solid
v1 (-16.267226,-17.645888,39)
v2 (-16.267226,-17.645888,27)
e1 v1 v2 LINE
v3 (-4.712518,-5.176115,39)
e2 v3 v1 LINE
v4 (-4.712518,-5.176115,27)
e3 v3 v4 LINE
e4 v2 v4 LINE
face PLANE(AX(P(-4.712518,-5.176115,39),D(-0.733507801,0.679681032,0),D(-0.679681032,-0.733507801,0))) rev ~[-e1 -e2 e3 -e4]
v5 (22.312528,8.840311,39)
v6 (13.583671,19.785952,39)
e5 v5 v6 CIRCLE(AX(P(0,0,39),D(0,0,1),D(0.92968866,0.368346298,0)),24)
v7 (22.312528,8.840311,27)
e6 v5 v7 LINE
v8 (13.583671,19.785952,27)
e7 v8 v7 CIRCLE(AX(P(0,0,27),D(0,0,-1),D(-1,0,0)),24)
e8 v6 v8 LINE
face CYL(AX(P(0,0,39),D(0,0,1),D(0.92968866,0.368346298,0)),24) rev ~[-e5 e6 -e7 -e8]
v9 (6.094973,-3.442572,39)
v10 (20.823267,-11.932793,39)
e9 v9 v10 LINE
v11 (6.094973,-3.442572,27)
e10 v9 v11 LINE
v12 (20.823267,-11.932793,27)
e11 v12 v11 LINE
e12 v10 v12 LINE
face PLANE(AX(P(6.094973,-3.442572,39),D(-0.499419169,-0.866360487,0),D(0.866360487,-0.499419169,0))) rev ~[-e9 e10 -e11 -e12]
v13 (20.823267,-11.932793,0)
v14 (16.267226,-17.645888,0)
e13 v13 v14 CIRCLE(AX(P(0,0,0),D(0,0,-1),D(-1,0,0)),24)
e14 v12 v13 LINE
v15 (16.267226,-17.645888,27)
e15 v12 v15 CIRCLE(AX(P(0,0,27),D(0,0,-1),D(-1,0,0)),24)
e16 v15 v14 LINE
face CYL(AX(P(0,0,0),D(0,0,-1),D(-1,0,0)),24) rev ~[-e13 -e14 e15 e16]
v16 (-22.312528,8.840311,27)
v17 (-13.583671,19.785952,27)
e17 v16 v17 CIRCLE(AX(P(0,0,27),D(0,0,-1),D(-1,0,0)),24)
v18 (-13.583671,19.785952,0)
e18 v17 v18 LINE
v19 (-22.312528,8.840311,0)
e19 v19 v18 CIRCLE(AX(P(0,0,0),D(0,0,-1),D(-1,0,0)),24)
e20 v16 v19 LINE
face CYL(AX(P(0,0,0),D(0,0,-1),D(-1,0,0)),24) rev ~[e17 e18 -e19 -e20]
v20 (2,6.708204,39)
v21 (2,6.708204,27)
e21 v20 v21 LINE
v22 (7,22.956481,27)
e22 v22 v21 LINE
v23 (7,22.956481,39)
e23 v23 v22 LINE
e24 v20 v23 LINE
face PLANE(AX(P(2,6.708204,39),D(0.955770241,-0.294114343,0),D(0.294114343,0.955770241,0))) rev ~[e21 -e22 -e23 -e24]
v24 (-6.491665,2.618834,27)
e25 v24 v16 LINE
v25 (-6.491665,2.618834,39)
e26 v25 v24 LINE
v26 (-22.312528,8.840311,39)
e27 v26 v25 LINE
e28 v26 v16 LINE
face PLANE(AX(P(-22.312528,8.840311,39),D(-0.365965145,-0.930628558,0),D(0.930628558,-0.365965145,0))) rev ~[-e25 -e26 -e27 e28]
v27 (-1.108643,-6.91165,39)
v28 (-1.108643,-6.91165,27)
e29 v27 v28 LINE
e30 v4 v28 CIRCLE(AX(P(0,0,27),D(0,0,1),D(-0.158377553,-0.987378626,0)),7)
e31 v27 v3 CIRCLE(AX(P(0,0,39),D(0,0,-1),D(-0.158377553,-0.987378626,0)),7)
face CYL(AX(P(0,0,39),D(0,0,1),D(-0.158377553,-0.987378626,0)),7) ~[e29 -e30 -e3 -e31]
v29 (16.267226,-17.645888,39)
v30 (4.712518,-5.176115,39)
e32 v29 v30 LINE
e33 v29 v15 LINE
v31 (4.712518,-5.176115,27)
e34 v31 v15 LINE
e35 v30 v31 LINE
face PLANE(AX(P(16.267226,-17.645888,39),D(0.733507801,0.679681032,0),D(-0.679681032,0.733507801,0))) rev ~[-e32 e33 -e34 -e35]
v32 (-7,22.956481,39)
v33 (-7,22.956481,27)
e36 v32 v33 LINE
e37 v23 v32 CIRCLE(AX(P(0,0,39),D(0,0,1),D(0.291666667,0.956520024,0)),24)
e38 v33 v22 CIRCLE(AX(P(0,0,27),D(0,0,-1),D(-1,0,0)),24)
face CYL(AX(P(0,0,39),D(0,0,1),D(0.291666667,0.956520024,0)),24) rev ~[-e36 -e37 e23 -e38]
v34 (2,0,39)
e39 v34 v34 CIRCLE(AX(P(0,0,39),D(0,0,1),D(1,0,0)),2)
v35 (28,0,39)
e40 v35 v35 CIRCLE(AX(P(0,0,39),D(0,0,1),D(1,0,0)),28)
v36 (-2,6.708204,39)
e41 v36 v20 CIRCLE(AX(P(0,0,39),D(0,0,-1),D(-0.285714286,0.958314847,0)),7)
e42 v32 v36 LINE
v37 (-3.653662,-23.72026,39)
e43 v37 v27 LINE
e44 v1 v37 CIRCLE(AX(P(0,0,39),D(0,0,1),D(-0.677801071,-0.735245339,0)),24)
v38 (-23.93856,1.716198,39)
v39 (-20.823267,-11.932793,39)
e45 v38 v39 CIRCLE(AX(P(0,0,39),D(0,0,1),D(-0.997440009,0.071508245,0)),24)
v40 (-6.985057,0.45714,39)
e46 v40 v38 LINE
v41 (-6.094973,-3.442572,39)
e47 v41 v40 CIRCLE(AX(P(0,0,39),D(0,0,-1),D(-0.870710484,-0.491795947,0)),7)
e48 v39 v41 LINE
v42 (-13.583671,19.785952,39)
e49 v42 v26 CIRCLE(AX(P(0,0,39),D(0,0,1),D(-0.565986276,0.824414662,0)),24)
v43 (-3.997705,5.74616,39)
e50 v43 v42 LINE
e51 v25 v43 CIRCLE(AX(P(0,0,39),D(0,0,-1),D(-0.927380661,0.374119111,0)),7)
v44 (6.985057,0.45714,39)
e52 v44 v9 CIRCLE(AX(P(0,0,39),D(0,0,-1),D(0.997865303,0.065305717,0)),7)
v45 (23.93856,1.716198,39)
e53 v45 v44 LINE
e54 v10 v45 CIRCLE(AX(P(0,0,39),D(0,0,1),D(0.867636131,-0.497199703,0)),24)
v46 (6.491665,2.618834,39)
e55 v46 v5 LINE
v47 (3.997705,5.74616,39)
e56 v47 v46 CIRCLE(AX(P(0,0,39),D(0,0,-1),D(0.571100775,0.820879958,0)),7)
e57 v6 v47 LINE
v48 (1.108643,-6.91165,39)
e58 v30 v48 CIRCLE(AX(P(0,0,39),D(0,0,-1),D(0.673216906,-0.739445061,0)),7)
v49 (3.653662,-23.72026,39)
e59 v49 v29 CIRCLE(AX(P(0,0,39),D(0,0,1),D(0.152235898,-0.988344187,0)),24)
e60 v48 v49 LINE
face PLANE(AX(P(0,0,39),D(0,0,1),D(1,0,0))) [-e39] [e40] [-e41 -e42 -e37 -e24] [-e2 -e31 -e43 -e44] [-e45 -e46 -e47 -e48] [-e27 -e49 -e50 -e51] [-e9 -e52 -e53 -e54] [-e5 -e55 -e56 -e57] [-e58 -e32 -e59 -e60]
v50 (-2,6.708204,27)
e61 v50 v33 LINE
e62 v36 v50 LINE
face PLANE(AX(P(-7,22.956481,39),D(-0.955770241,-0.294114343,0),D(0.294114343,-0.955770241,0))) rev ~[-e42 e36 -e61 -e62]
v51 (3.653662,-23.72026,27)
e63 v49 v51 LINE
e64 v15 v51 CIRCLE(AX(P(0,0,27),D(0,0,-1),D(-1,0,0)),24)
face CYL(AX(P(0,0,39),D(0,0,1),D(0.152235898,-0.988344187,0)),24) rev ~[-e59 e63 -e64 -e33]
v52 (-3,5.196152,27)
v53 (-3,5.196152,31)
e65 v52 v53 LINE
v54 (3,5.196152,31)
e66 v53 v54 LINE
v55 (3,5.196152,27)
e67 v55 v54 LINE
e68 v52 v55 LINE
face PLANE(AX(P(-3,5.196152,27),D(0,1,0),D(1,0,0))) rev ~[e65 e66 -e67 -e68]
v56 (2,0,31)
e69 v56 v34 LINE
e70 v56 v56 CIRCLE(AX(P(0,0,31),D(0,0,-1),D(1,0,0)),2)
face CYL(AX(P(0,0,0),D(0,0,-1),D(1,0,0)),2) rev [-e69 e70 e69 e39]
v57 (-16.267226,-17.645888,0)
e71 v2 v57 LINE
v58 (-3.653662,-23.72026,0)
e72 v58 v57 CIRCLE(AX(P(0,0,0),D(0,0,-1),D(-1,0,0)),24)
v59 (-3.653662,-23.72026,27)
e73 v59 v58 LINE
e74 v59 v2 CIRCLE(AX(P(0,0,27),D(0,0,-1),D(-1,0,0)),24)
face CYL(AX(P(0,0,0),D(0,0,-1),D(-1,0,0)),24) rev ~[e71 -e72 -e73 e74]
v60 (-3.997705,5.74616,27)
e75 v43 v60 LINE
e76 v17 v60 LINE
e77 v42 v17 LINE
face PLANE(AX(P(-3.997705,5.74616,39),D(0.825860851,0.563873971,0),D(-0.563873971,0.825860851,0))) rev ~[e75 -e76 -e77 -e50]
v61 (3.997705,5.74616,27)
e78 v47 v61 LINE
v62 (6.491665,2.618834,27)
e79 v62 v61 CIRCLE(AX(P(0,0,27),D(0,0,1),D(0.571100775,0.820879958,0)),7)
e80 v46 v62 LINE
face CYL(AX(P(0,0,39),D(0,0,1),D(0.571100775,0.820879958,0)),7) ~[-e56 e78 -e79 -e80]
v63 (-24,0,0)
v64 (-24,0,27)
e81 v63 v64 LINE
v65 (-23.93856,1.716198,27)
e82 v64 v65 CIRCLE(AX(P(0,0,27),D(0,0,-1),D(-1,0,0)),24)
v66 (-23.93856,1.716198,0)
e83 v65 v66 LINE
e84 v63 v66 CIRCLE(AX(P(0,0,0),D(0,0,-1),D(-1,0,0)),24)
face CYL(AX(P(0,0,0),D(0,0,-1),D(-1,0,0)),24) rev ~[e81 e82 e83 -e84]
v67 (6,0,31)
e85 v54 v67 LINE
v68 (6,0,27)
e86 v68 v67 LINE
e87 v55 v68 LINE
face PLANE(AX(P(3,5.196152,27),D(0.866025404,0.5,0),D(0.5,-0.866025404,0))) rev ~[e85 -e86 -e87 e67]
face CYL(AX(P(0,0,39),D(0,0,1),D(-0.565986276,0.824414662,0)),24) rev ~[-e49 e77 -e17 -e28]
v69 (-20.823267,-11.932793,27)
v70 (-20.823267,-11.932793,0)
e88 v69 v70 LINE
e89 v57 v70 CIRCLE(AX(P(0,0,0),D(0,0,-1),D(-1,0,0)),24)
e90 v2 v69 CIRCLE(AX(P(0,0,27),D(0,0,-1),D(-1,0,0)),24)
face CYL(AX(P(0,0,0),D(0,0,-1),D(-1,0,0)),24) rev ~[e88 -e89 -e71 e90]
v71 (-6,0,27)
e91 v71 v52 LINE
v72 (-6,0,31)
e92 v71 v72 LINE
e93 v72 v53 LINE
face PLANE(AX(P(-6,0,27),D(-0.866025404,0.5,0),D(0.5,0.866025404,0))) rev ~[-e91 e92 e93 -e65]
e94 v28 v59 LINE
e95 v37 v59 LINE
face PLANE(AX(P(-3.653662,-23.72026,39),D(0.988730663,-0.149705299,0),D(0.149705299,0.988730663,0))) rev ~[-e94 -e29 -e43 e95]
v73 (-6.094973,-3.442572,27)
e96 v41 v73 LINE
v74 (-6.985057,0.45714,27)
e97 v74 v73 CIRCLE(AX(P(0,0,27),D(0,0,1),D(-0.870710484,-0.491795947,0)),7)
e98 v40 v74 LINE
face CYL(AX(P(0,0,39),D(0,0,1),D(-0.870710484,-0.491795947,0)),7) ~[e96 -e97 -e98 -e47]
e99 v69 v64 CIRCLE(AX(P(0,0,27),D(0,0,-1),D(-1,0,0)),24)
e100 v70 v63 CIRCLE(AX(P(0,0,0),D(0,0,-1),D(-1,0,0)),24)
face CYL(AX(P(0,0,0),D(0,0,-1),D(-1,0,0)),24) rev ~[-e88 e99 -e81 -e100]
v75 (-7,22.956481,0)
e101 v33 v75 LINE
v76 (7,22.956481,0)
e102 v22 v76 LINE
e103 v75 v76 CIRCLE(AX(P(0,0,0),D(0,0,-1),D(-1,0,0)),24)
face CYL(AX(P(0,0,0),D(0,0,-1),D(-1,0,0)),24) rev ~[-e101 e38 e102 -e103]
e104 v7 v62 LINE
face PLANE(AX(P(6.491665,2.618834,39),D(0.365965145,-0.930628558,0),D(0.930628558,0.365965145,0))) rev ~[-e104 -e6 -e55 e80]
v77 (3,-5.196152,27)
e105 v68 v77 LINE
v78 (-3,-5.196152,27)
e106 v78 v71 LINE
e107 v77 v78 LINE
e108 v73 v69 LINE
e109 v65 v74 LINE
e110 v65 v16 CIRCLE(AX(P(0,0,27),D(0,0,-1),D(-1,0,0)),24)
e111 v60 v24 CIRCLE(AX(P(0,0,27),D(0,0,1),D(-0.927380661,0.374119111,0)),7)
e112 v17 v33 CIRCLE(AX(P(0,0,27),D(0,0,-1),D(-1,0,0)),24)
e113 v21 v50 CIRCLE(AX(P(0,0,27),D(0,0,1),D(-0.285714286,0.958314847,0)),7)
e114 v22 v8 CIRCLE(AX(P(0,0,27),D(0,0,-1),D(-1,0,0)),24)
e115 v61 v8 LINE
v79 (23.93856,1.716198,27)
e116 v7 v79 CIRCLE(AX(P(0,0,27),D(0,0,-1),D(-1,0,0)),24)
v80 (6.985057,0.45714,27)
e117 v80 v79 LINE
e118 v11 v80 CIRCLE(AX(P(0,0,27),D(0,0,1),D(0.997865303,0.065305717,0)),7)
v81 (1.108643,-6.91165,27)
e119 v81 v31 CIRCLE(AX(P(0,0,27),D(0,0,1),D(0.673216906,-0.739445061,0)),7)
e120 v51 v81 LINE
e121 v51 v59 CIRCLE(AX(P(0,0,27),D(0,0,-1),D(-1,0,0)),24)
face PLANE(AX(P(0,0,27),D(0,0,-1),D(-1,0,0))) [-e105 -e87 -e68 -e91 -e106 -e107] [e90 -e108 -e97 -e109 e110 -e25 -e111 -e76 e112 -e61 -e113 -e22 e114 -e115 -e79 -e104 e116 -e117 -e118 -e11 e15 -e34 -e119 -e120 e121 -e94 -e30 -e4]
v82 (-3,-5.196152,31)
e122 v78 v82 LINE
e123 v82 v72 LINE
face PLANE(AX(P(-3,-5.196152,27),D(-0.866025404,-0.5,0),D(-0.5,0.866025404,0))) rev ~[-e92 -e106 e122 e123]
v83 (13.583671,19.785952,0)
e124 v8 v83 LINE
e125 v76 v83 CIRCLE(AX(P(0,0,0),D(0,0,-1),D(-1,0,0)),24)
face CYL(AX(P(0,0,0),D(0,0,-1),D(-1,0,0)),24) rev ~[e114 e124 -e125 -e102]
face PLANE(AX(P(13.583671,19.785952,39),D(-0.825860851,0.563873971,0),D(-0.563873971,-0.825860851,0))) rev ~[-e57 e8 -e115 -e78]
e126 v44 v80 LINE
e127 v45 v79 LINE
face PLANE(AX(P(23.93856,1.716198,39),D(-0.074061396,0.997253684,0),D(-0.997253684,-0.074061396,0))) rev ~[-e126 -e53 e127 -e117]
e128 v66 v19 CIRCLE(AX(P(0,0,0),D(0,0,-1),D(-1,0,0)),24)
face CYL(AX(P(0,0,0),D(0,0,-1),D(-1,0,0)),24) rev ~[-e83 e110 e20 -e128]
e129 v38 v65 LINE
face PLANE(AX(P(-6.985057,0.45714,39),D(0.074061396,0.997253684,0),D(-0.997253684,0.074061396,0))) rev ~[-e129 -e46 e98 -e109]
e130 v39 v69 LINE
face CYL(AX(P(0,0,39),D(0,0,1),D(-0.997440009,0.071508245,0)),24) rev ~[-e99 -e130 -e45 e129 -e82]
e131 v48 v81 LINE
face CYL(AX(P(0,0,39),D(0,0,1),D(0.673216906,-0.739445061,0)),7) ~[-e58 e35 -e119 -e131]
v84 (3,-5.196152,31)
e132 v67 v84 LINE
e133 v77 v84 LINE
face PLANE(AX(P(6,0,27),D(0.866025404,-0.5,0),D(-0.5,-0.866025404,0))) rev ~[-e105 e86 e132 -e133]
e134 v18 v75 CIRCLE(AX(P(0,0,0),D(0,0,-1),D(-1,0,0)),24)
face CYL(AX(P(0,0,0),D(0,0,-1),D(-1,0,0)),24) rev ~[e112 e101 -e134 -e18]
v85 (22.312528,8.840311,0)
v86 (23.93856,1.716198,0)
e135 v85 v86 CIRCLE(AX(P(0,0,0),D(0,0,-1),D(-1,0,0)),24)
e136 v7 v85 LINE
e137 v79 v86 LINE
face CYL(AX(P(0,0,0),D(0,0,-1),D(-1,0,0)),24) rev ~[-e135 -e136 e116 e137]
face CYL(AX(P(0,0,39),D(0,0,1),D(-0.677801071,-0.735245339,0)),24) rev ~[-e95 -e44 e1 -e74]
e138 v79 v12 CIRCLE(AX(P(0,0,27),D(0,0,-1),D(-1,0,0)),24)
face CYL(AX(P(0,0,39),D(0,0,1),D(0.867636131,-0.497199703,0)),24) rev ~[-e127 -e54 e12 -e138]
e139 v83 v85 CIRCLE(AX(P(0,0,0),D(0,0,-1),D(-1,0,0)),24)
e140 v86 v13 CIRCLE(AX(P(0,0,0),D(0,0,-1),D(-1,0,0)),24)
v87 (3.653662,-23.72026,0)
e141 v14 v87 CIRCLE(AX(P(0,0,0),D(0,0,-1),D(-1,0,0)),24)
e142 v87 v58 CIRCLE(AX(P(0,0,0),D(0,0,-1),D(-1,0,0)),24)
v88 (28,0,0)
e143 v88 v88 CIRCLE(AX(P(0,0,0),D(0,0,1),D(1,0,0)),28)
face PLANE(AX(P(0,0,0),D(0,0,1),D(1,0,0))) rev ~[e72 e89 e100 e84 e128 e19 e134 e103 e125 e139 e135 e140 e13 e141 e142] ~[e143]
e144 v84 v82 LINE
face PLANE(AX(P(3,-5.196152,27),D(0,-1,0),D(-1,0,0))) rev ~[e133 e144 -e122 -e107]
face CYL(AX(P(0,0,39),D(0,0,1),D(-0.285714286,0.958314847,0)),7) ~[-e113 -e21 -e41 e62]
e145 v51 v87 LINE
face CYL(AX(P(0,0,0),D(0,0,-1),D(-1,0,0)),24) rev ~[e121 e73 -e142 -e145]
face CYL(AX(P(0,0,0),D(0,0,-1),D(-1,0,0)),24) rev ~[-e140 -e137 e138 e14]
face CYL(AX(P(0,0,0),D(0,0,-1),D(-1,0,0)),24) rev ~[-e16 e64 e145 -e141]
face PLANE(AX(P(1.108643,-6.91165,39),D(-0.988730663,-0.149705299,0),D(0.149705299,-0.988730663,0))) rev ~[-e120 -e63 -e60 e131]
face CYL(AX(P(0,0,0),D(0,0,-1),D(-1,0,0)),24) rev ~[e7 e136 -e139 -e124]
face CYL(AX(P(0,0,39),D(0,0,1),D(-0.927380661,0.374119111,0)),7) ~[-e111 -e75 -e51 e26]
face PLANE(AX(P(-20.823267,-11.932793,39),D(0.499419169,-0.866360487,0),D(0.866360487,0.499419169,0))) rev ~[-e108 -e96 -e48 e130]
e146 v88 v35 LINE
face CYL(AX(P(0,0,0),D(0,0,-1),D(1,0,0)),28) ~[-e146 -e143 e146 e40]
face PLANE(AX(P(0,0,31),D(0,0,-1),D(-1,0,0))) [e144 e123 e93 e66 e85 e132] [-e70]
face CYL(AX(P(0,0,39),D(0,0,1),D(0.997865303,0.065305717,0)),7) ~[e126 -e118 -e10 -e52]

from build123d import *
from build123d.topology import SkipClean

# Parameters (mm, degrees)
SKETCH1_R           = 28
SKETCH1_R_2         = 2
BOSS_EXTRUDE1_DEPTH = 39
SKETCH2_R           = 24
CUT_EXTRUDE1_DEPTH  = 27
CUT_EXTRUDE2_DEPTH  = 4
CUT_EXTRUDE4_DEPTH  = 56.578772926


with BuildPart() as part:
    # Sketch1 → Boss-Extrude1 (new body)
    with BuildSketch(Plane.XY):
        Circle(SKETCH1_R)
        Circle(SKETCH1_R_2, mode=Mode.SUBTRACT)
    extrude(amount=BOSS_EXTRUDE1_DEPTH)

    # Sketch2 → Cut-Extrude1 (cut)
    with BuildSketch(Plane(origin=(0, 0, 0), x_dir=(-1, 0, 0), z_dir=(0, 0, -1))):
        Circle(SKETCH2_R)
    extrude(amount=-CUT_EXTRUDE1_DEPTH, mode=Mode.SUBTRACT)

    # Sketch3 → Cut-Extrude2 (cut)
    with BuildSketch(Plane(origin=(0, 0, 27), x_dir=(-1, 0, 0), z_dir=(0, 0, -1))):
        Polygon((6, 0), (3, 5.196152423), (-3, 5.196152423), (-6, 0), (-3, -5.196152423), (3, -5.196152423), align=None)
    extrude(amount=-CUT_EXTRUDE2_DEPTH, mode=Mode.SUBTRACT)

    # Sketch5 → Cut-Extrude4 (cut, through all)
    with SkipClean():  # the faces are left unmerged after this step: merging them gives an invalid solid
        with BuildSketch(Plane.XY.offset(39)):
            with BuildLine():
                Line((-7, 22.956480566), (-2, 6.708203932))
                ThreePointArc((-2, 6.708203932), (0, 7), (2, 6.708203932))
                Line((2, 6.708203932), (7, 22.956480566))
                ThreePointArc((7, 22.956480566), (0, 24), (-7, 22.956480566))
            make_face()
            with BuildLine():
                Line((13.583670621, 19.785951897), (3.997705422, 5.746159706))
                ThreePointArc((3.997705422, 5.746159706), (5.472820377, 4.364428613), (6.491664629, 2.618833776))
                Line((6.491664629, 2.618833776), (22.312527847, 8.840311143))
                ThreePointArc((22.312527847, 8.840311143), (18.763955579, 14.963755245), (13.583670621, 19.785951897))
            make_face()
            with BuildLine():
                Line((23.938560207, 1.716197889), (6.985057122, 0.45714002))
                ThreePointArc((6.985057122, 0.45714002), (6.824495385, -1.557646538), (6.094973386, -3.442571629))
                Line((6.094973386, -3.442571629), (20.823267132, -11.932792881))
                ThreePointArc((20.823267132, -11.932792881), (23.398269892, -5.340502415), (23.938560207, 1.716197889))
            make_face()
            with BuildLine():
                Line((16.2672257, -17.645888133), (4.712518341, -5.176115424))
                ThreePointArc((4.712518341, -5.176115424), (3.037186174, -6.306782075), (1.108642869, -6.911650381))
                Line((1.108642869, -6.911650381), (3.65366155, -23.720260481))
                ThreePointArc((3.65366155, -23.720260481), (10.413209739, -21.62325283), (16.2672257, -17.645888133))
            make_face()
            with BuildLine():
                Line((-3.65366155, -23.720260481), (-1.108642869, -6.911650381))
                ThreePointArc((-1.108642869, -6.911650381), (-3.037186174, -6.306782075), (-4.712518341, -5.176115424))
                Line((-4.712518341, -5.176115424), (-16.2672257, -17.645888133))
                ThreePointArc((-16.2672257, -17.645888133), (-10.413209739, -21.62325283), (-3.65366155, -23.720260481))
            make_face()
            with BuildLine():
                Line((-20.823267132, -11.932792881), (-6.094973386, -3.442571629))
                ThreePointArc((-6.094973386, -3.442571629), (-6.824495385, -1.557646538), (-6.985057122, 0.45714002))
                Line((-6.985057122, 0.45714002), (-23.938560207, 1.716197889))
                ThreePointArc((-23.938560207, 1.716197889), (-23.398269892, -5.340502415), (-20.823267132, -11.932792881))
            make_face()
            with BuildLine():
                Line((-22.312527847, 8.840311143), (-6.491664629, 2.618833776))
                ThreePointArc((-6.491664629, 2.618833776), (-5.472820377, 4.364428613), (-3.997705422, 5.746159706))
                Line((-3.997705422, 5.746159706), (-13.583670621, 19.785951897))
                ThreePointArc((-13.583670621, 19.785951897), (-18.763955579, 14.963755245), (-22.312527847, 8.840311143))
            make_face()
        extrude(amount=-CUT_EXTRUDE4_DEPTH, mode=Mode.SUBTRACT)


solid = part.part
